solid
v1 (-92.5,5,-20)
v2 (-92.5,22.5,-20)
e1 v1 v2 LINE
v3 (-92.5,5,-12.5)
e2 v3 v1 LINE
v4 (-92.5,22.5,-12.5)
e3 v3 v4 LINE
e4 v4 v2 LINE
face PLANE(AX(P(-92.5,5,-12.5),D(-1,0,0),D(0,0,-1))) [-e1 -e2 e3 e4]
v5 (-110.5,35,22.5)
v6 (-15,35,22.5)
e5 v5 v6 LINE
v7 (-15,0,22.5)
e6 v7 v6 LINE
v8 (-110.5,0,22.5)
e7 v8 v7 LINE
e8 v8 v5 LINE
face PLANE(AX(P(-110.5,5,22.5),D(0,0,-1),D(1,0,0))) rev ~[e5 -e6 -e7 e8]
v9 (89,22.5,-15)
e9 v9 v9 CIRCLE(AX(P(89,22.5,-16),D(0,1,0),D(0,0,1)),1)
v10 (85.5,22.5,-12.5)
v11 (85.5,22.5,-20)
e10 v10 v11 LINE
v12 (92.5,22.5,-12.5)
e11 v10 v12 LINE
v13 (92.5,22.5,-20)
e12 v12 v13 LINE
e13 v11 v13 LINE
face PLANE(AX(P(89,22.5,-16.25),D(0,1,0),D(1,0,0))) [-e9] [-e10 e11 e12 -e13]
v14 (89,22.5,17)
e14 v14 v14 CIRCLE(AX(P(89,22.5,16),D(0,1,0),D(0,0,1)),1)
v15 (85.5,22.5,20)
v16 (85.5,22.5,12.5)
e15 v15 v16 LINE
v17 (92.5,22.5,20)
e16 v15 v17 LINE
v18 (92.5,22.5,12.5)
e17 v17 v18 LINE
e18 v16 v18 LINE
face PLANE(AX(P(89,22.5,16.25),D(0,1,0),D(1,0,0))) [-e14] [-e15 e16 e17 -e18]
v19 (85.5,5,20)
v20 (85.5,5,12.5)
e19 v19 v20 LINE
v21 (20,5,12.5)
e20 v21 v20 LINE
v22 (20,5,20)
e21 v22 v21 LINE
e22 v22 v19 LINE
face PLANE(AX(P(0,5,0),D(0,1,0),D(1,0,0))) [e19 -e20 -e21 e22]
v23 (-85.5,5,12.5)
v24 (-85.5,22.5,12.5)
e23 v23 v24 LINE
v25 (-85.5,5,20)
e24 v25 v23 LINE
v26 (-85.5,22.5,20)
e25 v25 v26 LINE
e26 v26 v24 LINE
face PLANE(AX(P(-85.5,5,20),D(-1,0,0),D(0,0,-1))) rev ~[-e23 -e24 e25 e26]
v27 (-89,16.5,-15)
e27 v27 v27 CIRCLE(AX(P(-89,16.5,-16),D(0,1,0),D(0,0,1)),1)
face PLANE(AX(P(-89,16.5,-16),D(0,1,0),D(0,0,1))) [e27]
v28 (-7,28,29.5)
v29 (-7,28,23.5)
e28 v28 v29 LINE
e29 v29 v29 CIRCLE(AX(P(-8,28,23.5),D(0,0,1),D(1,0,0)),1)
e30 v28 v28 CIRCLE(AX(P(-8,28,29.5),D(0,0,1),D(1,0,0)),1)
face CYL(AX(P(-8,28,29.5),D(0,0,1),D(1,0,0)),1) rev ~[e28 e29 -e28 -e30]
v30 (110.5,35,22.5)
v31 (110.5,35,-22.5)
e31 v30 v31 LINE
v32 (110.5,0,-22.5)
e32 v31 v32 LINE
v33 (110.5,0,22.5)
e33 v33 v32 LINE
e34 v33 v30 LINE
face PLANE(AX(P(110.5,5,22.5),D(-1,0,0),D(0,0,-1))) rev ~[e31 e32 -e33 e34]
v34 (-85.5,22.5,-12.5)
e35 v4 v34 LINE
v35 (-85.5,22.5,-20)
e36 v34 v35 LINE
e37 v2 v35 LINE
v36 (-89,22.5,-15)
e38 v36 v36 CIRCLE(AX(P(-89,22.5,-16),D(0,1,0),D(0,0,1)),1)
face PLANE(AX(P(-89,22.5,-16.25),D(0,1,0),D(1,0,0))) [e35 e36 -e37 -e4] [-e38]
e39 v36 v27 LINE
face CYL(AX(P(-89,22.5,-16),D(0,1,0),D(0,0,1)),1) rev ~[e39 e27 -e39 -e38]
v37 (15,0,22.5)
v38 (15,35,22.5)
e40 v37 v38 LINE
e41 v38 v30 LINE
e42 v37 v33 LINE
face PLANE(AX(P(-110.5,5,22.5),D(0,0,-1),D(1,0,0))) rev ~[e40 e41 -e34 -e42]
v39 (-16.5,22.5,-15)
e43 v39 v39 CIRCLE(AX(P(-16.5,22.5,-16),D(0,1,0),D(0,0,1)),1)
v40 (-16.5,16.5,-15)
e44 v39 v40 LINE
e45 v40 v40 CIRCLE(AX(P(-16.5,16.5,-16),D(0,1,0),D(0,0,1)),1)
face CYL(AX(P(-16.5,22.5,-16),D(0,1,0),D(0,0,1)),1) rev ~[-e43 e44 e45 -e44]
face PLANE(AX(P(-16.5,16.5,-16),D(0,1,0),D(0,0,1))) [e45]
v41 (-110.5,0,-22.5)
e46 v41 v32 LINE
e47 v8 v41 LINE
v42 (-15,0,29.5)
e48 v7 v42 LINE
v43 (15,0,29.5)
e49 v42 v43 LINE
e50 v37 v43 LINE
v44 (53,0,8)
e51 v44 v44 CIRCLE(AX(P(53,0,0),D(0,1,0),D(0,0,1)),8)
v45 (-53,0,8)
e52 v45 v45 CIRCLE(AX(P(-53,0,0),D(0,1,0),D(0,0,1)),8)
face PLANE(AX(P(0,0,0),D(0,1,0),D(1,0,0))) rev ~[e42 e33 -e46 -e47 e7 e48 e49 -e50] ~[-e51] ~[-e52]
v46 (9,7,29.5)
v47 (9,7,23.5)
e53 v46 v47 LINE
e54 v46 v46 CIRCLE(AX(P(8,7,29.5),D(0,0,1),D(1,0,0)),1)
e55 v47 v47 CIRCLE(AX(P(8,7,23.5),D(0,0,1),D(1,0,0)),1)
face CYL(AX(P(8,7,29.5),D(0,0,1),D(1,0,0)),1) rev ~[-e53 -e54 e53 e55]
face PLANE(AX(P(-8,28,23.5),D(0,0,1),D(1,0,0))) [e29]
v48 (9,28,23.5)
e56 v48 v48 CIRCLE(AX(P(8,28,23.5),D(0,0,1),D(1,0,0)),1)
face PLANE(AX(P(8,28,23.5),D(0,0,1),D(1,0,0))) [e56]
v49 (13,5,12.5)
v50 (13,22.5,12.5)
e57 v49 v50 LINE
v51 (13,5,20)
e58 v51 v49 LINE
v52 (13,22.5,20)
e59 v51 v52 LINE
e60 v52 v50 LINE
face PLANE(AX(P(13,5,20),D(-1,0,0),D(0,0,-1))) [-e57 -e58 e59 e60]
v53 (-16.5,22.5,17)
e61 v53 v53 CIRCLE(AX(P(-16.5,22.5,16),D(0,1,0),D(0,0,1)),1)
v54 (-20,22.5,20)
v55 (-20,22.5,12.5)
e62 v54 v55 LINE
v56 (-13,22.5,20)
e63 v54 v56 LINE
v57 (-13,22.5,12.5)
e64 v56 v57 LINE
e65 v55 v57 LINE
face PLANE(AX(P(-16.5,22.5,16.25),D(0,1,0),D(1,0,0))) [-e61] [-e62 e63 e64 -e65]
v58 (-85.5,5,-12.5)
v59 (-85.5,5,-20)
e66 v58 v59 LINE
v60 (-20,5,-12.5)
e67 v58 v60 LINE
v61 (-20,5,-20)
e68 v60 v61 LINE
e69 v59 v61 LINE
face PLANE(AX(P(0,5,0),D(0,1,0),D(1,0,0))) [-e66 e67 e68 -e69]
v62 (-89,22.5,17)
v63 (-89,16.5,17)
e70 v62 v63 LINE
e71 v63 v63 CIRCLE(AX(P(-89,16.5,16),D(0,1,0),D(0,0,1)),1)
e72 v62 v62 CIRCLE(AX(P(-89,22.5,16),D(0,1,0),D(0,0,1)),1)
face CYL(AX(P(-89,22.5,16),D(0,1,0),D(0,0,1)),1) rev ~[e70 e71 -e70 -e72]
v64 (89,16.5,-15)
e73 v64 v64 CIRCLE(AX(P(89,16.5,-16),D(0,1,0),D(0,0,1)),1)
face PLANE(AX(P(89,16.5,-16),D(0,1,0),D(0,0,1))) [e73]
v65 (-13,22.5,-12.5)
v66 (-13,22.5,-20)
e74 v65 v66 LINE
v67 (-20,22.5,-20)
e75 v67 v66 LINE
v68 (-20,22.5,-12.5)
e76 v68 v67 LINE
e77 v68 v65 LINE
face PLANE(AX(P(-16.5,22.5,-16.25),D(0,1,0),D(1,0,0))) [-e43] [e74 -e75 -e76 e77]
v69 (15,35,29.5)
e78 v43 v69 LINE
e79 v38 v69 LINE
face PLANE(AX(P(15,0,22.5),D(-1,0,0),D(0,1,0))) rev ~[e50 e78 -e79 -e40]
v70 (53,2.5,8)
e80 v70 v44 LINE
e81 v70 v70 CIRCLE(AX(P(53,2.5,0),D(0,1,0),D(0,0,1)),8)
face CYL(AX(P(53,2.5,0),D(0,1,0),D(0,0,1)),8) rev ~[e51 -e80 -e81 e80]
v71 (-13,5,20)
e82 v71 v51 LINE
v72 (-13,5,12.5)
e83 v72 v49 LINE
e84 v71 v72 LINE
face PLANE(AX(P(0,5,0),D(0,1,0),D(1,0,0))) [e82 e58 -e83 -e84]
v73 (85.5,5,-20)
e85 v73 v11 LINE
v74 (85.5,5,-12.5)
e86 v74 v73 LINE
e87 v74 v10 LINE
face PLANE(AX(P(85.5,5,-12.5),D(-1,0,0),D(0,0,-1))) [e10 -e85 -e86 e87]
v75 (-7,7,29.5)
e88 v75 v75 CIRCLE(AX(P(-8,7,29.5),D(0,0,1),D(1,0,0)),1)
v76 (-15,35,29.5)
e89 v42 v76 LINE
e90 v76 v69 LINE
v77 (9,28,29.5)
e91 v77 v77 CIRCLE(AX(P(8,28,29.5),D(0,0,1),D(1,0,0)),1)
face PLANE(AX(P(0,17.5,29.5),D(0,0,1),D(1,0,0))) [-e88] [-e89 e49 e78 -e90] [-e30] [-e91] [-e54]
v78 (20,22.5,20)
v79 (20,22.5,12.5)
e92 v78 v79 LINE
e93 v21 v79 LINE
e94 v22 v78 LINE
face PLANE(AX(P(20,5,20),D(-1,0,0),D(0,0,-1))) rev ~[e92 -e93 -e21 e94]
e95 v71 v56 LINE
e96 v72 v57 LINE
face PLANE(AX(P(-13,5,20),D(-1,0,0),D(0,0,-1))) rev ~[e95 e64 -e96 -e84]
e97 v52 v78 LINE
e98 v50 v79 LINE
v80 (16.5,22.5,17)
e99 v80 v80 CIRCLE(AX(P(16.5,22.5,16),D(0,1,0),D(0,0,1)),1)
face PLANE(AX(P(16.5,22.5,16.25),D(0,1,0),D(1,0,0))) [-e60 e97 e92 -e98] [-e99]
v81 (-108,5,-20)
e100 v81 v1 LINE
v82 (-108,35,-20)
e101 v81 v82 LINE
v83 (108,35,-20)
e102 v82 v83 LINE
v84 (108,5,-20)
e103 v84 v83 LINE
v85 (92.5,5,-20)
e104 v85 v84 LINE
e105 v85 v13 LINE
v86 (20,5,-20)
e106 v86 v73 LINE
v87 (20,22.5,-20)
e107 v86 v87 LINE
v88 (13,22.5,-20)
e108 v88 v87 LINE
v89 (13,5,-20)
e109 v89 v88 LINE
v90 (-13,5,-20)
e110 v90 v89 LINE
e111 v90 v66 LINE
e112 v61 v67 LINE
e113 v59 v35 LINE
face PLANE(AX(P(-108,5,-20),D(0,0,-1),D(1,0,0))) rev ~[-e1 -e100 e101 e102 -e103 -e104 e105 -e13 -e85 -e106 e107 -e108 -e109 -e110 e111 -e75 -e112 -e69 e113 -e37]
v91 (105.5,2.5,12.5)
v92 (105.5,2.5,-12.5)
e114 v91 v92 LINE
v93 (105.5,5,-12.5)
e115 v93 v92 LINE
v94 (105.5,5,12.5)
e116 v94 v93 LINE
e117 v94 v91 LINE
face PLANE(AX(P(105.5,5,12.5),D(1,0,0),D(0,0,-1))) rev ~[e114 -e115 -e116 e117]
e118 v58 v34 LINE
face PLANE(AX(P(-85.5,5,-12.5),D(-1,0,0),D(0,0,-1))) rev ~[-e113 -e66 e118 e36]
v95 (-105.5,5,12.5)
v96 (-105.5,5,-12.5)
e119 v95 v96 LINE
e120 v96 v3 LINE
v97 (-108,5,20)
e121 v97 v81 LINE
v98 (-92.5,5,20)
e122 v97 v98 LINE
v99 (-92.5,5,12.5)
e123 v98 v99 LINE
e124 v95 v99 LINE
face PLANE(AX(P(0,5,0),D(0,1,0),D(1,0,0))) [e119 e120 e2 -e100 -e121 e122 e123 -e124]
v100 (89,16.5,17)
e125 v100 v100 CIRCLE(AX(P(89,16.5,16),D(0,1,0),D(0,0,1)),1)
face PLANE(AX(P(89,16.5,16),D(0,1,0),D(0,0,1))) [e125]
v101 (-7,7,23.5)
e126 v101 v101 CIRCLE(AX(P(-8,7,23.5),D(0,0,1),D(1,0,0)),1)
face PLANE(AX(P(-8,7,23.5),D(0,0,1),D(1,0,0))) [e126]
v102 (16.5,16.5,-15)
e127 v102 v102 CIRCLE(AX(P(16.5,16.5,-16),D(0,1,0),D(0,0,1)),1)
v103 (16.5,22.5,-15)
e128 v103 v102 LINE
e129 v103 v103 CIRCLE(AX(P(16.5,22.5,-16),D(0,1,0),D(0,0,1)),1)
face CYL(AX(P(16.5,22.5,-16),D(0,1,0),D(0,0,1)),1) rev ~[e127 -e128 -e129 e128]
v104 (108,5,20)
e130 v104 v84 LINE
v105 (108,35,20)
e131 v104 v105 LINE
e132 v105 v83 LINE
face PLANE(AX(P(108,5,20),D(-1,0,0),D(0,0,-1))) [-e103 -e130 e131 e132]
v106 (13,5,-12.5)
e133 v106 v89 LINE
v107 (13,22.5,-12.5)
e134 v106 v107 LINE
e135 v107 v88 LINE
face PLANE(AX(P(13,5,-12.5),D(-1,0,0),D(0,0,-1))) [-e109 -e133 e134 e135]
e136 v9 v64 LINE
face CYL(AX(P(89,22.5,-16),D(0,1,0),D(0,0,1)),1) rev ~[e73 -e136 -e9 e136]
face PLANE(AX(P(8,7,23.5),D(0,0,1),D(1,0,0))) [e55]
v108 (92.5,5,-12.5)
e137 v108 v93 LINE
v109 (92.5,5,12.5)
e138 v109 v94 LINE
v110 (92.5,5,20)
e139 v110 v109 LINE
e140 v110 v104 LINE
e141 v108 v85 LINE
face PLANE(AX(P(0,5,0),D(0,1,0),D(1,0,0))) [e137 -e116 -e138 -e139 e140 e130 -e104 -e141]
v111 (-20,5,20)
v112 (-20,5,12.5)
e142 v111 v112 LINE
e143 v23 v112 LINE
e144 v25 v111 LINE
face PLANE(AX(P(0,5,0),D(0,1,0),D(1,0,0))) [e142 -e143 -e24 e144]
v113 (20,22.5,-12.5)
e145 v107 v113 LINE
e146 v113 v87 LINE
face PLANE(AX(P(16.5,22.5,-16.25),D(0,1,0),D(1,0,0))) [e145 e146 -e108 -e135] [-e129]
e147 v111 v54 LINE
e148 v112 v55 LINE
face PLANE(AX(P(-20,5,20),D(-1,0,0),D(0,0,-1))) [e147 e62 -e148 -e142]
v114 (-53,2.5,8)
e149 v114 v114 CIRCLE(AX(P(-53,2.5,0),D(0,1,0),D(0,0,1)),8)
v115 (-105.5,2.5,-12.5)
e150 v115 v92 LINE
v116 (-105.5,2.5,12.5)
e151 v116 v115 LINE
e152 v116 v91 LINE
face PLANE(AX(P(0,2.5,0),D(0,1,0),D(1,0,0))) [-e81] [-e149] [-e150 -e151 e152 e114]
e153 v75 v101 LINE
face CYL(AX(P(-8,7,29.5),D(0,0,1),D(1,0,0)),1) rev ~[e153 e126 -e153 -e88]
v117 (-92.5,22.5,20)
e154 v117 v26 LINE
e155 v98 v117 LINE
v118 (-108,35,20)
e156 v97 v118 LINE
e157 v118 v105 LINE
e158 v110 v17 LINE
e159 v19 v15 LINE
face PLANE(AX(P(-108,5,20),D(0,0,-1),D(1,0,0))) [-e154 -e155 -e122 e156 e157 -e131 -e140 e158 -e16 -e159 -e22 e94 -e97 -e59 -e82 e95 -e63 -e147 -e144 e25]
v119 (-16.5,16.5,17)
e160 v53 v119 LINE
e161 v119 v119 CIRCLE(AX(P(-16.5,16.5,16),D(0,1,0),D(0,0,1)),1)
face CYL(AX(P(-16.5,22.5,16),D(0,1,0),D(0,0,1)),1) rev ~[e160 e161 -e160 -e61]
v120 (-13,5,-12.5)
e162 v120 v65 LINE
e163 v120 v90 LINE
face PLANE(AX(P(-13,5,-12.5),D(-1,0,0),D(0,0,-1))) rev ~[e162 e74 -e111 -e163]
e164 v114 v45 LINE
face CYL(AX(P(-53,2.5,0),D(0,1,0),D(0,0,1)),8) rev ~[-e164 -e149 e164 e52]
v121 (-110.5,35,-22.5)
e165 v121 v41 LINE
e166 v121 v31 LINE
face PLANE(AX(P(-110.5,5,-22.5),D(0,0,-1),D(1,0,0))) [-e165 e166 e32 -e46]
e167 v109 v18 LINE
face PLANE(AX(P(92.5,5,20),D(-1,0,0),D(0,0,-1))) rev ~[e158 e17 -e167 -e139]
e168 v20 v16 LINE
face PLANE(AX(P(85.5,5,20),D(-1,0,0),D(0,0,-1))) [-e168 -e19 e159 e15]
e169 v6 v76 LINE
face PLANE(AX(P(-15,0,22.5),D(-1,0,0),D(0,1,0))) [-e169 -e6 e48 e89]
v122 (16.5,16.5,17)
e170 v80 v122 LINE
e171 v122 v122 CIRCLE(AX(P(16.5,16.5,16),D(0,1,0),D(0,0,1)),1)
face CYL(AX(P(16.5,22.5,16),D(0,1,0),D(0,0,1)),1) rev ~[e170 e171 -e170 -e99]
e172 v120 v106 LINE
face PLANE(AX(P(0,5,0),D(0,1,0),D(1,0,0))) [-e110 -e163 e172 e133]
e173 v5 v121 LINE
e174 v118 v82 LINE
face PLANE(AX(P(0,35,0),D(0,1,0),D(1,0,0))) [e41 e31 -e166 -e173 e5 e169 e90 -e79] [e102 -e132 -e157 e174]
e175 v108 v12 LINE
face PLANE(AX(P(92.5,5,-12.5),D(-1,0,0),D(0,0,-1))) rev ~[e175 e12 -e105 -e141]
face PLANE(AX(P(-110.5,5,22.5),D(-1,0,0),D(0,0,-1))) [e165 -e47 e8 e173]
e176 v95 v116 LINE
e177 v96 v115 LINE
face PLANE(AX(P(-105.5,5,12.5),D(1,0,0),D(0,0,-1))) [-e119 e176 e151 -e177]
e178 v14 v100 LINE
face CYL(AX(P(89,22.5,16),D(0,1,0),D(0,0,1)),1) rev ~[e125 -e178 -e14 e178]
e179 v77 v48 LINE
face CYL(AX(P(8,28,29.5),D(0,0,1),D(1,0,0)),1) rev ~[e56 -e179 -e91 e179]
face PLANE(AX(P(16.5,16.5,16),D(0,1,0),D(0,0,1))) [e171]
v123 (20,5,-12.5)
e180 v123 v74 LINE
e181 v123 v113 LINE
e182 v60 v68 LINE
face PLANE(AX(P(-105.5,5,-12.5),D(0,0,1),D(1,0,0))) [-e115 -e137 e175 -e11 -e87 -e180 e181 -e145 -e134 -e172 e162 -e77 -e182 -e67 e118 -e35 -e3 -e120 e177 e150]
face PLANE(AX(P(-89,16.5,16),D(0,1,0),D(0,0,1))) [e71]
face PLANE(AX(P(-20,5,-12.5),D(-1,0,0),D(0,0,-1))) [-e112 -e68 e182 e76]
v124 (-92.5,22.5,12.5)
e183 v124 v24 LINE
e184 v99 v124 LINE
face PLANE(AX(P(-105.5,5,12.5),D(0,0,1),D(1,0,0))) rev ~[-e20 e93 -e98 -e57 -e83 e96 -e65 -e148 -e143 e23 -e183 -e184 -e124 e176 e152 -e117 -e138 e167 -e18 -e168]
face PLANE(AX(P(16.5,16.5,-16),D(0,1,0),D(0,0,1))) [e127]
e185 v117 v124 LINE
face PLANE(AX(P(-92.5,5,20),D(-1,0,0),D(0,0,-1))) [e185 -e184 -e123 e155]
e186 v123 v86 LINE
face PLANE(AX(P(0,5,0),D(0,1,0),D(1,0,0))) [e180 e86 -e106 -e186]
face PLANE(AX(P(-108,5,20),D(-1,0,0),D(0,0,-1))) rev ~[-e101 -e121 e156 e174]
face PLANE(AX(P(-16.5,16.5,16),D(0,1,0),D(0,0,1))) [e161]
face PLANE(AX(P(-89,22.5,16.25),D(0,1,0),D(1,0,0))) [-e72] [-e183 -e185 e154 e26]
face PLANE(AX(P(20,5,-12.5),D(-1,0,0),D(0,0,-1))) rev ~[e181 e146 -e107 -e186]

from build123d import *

# Parameters (mm, degrees)
SKETCH1_W           = 221
SKETCH1_H           = 45
BOSS_EXTRUDE1_DEPTH = 5
SKETCH2_W           = 211
SKETCH2_H           = 25
CUT_EXTRUDE1_DEPTH  = 2.5
SKETCH3_R           = 8
CUT_EXTRUDE2_DEPTH  = 2.5
SKETCH6_W           = 221
SKETCH6_H           = 45
SKETCH6_W_2         = 216
SKETCH6_H_2         = 40
BOSS_EXTRUDE3_DEPTH = 30
SKETCH7_W           = 7
SKETCH7_H           = 7.5
BOSS_EXTRUDE4_DEPTH = 17.5
SKETCH9_R           = 1
CUT_EXTRUDE3_DEPTH  = 6
SKETCH10_W          = 30
SKETCH10_H          = 35
BOSS_EXTRUDE5_DEPTH = 7
SKETCH11_R          = 1
CUT_EXTRUDE4_DEPTH  = 6


with BuildPart() as part:
    # Sketch1 → Boss-Extrude1 (new body)
    with BuildSketch(Plane(origin=(0, 0, 0), x_dir=(1, 0, 0), z_dir=(0, 1, 0))):
        Rectangle(SKETCH1_W, SKETCH1_H)
    extrude(amount=BOSS_EXTRUDE1_DEPTH)

    # Sketch2 → Cut-Extrude1 (cut)
    with BuildSketch(Plane(origin=(0, 5, 0), x_dir=(1, 0, 0), z_dir=(0, 1, 0))):
        Rectangle(SKETCH2_W, SKETCH2_H)
    extrude(amount=-CUT_EXTRUDE1_DEPTH, mode=Mode.SUBTRACT)

    # Sketch3 → Cut-Extrude2 (cut)
    with BuildSketch(Plane(origin=(0, 2.5, 0), x_dir=(1, 0, 0), z_dir=(0, 1, 0))):
        with Locations(Location((-53, 0, 0), (0, 0, 270))):
            Circle(SKETCH3_R)
        with Locations(Location((53, 0, 0), (0, 0, 270))):
            Circle(SKETCH3_R)
    extrude(amount=-CUT_EXTRUDE2_DEPTH, mode=Mode.SUBTRACT)

    # Sketch6 → Boss-Extrude3 (add)
    with BuildSketch(Plane(origin=(0, 5, 0), x_dir=(1, 0, 0), z_dir=(0, 1, 0))):
        Rectangle(SKETCH6_W, SKETCH6_H)
        Rectangle(SKETCH6_W_2, SKETCH6_H_2, mode=Mode.SUBTRACT)
    extrude(amount=BOSS_EXTRUDE3_DEPTH)

    # Sketch7 → Boss-Extrude4 (add)
    with BuildSketch(Plane(origin=(0, 5, 0), x_dir=(1, 0, 0), z_dir=(0, 1, 0))):
        with Locations((-89, 16.25)):
            Rectangle(SKETCH7_W, SKETCH7_H)
        with Locations((-89, -16.25)):
            Rectangle(SKETCH7_W, SKETCH7_H)
        with Locations((-16.5, 16.25)):
            Rectangle(SKETCH7_W, SKETCH7_H)
        with Locations((-16.5, -16.25)):
            Rectangle(SKETCH7_W, SKETCH7_H)
        with Locations((16.5, 16.25)):
            Rectangle(SKETCH7_W, SKETCH7_H)
        with Locations((16.5, -16.25)):
            Rectangle(SKETCH7_W, SKETCH7_H)
        with Locations((89, 16.25)):
            Rectangle(SKETCH7_W, SKETCH7_H)
        with Locations((89, -16.25)):
            Rectangle(SKETCH7_W, SKETCH7_H)
    extrude(amount=BOSS_EXTRUDE4_DEPTH)

    # Sketch9 → Cut-Extrude3 (cut)
    with BuildSketch(Plane(origin=(0, 22.5, 0), x_dir=(1, 0, 0), z_dir=(0, 1, 0))):
        with Locations(Location((-89, 16, 0), (0, 0, 270))):
            Circle(SKETCH9_R)
        with Locations(Location((-89, -16, 0), (0, 0, 270))):
            Circle(SKETCH9_R)
        with Locations(Location((-16.5, 16, 0), (0, 0, 270))):
            Circle(SKETCH9_R)
        with Locations(Location((-16.5, -16, 0), (0, 0, 270))):
            Circle(SKETCH9_R)
        with Locations(Location((16.5, 16, 0), (0, 0, 270))):
            Circle(SKETCH9_R)
        with Locations(Location((16.5, -16, 0), (0, 0, 270))):
            Circle(SKETCH9_R)
        with Locations(Location((89, 16, 0), (0, 0, 270))):
            Circle(SKETCH9_R)
        with Locations(Location((89, -16, 0), (0, 0, 270))):
            Circle(SKETCH9_R)
    extrude(amount=-CUT_EXTRUDE3_DEPTH, mode=Mode.SUBTRACT)

    # Sketch10 → Boss-Extrude5 (add)
    with BuildSketch(Plane.XY.offset(22.5)):
        with Locations((0, 17.5)):
            Rectangle(SKETCH10_W, SKETCH10_H)
    extrude(amount=BOSS_EXTRUDE5_DEPTH)

    # Sketch11 → Cut-Extrude4 (cut)
    with BuildSketch(Plane.XY.offset(29.5)):
        with Locations((-8, 28)):
            Circle(SKETCH11_R)
        with Locations((8, 28)):
            Circle(SKETCH11_R)
        with Locations((-8, 7)):
            Circle(SKETCH11_R)
        with Locations((8, 7)):
            Circle(SKETCH11_R)
    extrude(amount=-CUT_EXTRUDE4_DEPTH, mode=Mode.SUBTRACT)


solid = part.part
